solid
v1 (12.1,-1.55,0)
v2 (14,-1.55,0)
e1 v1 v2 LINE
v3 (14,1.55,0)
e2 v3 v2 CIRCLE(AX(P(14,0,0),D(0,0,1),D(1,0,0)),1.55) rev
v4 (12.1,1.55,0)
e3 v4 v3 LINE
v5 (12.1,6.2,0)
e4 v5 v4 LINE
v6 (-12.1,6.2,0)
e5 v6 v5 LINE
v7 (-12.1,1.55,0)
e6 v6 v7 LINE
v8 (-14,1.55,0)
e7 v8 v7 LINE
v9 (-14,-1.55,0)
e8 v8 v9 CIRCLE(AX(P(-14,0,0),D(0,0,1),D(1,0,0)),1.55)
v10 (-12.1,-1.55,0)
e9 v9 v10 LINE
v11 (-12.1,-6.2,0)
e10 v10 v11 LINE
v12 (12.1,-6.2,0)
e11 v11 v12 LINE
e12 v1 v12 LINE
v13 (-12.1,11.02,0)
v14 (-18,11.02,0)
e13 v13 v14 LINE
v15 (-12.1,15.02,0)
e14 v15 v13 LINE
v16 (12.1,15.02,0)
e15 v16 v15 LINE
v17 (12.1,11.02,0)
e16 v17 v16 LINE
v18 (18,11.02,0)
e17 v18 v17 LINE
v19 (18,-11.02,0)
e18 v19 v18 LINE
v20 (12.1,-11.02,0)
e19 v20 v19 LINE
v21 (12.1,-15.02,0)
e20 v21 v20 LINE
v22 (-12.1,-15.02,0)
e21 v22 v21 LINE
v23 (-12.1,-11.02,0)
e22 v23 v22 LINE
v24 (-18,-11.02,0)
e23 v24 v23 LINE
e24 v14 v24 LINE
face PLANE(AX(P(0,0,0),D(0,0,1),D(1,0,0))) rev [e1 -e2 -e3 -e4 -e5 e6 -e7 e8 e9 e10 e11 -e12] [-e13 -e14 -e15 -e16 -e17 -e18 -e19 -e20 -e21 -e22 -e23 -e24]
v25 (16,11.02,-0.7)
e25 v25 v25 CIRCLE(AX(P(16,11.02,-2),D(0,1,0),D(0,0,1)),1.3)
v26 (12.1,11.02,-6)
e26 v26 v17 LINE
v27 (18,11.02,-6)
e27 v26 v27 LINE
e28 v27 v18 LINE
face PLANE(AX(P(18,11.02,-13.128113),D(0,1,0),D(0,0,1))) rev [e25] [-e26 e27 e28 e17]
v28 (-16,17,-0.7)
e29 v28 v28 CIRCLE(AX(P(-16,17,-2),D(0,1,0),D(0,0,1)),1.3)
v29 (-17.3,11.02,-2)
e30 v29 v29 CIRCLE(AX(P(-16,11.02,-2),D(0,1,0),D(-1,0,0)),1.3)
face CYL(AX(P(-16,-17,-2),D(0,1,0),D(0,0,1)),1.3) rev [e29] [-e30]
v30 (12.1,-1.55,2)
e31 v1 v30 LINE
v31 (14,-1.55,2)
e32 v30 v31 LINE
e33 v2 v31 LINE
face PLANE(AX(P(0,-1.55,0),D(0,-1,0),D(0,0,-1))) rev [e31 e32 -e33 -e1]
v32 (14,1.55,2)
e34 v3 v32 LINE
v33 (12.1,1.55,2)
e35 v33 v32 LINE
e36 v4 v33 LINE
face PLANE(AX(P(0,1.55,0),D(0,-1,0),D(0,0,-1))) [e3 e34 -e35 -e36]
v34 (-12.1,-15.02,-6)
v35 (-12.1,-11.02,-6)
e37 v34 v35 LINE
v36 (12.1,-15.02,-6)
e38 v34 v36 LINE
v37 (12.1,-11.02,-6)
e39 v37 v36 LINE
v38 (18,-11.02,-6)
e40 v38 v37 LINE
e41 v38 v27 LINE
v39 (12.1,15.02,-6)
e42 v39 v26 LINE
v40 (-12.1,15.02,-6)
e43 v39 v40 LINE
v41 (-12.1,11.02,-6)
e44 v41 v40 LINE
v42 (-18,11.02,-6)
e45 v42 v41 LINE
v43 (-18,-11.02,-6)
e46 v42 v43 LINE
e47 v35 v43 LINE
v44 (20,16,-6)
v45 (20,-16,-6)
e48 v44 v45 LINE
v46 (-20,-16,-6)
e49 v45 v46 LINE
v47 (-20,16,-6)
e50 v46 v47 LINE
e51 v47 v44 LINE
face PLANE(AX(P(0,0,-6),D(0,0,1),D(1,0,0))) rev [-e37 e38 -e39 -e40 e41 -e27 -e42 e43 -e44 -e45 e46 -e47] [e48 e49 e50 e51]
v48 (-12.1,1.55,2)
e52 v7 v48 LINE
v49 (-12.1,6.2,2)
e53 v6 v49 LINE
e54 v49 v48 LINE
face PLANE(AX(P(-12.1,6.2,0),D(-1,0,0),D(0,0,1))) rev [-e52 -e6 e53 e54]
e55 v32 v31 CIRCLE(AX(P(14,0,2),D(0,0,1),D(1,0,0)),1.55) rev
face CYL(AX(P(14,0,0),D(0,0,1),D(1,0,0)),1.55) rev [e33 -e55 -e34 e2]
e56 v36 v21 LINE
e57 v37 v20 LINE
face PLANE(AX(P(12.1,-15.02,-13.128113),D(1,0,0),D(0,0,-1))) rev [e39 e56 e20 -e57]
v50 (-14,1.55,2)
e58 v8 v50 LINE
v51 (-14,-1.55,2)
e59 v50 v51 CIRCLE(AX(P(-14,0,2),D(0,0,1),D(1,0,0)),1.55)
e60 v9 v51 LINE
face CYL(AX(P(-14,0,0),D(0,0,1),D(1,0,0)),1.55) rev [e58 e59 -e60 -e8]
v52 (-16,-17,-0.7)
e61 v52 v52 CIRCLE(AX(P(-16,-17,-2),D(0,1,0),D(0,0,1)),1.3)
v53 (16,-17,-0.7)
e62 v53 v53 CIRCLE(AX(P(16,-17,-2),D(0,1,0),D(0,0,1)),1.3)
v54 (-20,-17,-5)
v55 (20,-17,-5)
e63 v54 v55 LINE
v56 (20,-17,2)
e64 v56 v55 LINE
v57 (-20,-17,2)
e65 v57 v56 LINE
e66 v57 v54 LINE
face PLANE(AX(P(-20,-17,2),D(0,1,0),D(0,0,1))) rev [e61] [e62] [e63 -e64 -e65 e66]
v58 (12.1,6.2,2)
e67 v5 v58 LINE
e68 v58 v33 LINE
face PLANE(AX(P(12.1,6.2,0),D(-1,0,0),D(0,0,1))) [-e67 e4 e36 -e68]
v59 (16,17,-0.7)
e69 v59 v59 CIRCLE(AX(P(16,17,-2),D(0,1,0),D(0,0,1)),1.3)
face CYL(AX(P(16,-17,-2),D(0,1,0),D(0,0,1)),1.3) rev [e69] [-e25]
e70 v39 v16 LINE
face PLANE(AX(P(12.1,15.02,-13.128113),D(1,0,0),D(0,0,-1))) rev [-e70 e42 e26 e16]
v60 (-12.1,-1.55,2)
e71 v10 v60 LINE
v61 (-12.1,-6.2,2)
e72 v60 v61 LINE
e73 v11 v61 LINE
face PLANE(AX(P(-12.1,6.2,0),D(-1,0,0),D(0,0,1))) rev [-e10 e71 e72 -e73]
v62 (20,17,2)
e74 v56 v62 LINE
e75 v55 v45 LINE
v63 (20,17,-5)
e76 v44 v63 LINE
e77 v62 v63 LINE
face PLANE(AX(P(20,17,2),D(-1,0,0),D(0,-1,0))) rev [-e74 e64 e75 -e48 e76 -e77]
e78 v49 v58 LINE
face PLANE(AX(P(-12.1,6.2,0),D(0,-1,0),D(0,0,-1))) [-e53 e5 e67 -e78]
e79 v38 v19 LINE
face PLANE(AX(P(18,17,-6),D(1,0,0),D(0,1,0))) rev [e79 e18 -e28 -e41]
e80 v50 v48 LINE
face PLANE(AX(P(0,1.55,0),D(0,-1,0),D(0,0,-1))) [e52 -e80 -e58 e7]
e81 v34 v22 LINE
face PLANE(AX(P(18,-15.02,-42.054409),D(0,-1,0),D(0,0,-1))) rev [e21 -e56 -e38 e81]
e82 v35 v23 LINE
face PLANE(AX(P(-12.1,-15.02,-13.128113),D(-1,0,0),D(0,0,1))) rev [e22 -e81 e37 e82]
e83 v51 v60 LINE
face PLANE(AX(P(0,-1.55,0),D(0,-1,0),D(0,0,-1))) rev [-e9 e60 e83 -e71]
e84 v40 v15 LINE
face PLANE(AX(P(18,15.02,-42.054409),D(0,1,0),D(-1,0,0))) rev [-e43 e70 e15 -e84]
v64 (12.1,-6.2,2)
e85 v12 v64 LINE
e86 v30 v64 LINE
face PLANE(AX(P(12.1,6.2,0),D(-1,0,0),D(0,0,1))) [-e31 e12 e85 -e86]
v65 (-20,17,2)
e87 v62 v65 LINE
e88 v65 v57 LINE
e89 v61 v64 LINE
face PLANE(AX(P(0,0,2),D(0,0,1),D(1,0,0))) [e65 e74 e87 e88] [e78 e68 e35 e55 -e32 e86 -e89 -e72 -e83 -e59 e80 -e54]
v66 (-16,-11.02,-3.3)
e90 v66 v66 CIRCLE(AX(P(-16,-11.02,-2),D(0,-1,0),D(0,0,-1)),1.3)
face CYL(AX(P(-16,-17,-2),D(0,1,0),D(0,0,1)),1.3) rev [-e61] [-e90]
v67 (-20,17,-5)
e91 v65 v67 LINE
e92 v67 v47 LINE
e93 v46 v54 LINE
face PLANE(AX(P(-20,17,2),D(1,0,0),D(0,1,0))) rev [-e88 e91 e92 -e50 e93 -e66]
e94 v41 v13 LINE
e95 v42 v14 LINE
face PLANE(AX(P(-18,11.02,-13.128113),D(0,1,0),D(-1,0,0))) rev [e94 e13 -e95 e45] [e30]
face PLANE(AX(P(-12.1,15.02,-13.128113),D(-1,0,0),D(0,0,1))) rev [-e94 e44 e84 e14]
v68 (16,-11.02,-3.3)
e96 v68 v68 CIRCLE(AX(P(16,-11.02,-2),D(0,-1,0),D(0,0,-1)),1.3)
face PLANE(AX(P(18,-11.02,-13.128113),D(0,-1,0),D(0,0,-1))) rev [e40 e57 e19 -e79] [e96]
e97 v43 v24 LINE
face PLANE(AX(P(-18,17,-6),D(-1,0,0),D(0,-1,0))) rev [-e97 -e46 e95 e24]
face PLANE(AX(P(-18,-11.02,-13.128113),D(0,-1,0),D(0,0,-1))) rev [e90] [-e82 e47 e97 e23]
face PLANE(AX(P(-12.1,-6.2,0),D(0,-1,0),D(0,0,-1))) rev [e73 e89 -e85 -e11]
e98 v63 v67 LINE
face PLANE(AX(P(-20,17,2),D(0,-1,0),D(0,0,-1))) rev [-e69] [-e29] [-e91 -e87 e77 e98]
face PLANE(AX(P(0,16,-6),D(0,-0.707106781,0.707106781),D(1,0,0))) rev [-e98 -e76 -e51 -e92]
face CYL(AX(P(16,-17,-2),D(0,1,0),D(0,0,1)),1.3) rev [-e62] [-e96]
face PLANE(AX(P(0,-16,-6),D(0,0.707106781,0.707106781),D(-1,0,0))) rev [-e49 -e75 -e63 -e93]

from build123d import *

# Parameters (mm, degrees)
SKETCH_1_W          = 40
SKETCH_1_H          = 34
EXTRUDE_1_DEPTH     = 2
SKETCH_2_W          = 24.2
SKETCH_2_H          = 12.4
CUT_EXTRUDE_1_DEPTH = 2
SKETCH_3_W          = 2
SKETCH_3_H          = 34
EXTRUDE_2_DEPTH     = 6
SKETCH_5_W          = 36
SKETCH_5_H          = 1.98
EXTRUDE_3_DEPTH     = 6
SKETCH_6_W          = 5.9
SKETCH_6_H          = 4
EXTRUDE_4_DEPTH     = 6
SKETCH_7_R          = 1.3
CUT_EXTRUDE_2_DEPTH = 40.899874687
CHAMFER_1_SIZE      = 1


with BuildPart() as part:
    # ｽｹｯﾁ1 → ﾎﾞｽ - 押し出し1 (new body)
    with BuildSketch(Plane.XY):
        Rectangle(SKETCH_1_W, SKETCH_1_H)
    extrude(amount=EXTRUDE_1_DEPTH)

    # ｽｹｯﾁ2 → ｶｯﾄ - 押し出し1 (cut)
    with BuildSketch(Plane.XY.offset(2)):
        Rectangle(SKETCH_2_W, SKETCH_2_H)
        with BuildLine():
            Line((-14, 1.55), (14, 1.55))
            ThreePointArc((14, 1.55), (15.55, 0), (14, -1.55))
            Line((14, -1.55), (-14, -1.55))
            ThreePointArc((-14, -1.55), (-15.55, 0), (-14, 1.55))
        make_face()
    extrude(amount=-CUT_EXTRUDE_1_DEPTH, mode=Mode.SUBTRACT)

    # ｽｹｯﾁ3 → ﾎﾞｽ - 押し出し2 (add)
    with BuildSketch(Plane(origin=(0, 0, 0), x_dir=(-1, 0, 0), z_dir=(0, 0, -1))):
        with Locations((19, 0)):
            Rectangle(SKETCH_3_W, SKETCH_3_H)
        with Locations((-19, 0)):
            Rectangle(SKETCH_3_W, SKETCH_3_H)
    extrude(amount=EXTRUDE_2_DEPTH)

    # ｽｹｯﾁ5 → ﾎﾞｽ - 押し出し3 (add)
    with BuildSketch(Plane(origin=(0, 0, 0), x_dir=(-1, 0, 0), z_dir=(0, 0, -1))):
        with Locations((0, 16.01)):
            Rectangle(SKETCH_5_W, SKETCH_5_H)
        with Locations((0, -16.01)):
            Rectangle(SKETCH_5_W, SKETCH_5_H)
    extrude(amount=EXTRUDE_3_DEPTH)

    # ｽｹｯﾁ6 → ﾎﾞｽ - 押し出し4 (add)
    with BuildSketch(Plane(origin=(0, 0, 0), x_dir=(-1, 0, 0), z_dir=(0, 0, -1))):
        with Locations((-15.05, 13.02)):
            Rectangle(SKETCH_6_W, SKETCH_6_H)
        with Locations((15.05, 13.02)):
            Rectangle(SKETCH_6_W, SKETCH_6_H)
        with Locations((15.05, -13.02)):
            Rectangle(SKETCH_6_W, SKETCH_6_H)
        with Locations((-15.05, -13.02)):
            Rectangle(SKETCH_6_W, SKETCH_6_H)
    extrude(amount=EXTRUDE_4_DEPTH)

    # ｽｹｯﾁ7 → ｶｯﾄ - 押し出し2 (cut, through all)
    with BuildSketch(Plane(origin=(0, 17, 0), x_dir=(1, 0, 0), z_dir=(0, 1, 0))):
        with Locations(Location((-16, 2, 0), (0, 0, 270))):
            Circle(SKETCH_7_R)
        with Locations(Location((16, 2, 0), (0, 0, 270))):
            Circle(SKETCH_7_R)
    extrude(amount=-CUT_EXTRUDE_2_DEPTH, mode=Mode.SUBTRACT)

    # 面取り1
    chamfer_1_edges = [part.edges().sort_by_distance(p)[0] for p in [
        (0, 17, -6),
        (0, -17, -6),
    ]]
    chamfer(chamfer_1_edges, length=CHAMFER_1_SIZE)


solid = part.part
